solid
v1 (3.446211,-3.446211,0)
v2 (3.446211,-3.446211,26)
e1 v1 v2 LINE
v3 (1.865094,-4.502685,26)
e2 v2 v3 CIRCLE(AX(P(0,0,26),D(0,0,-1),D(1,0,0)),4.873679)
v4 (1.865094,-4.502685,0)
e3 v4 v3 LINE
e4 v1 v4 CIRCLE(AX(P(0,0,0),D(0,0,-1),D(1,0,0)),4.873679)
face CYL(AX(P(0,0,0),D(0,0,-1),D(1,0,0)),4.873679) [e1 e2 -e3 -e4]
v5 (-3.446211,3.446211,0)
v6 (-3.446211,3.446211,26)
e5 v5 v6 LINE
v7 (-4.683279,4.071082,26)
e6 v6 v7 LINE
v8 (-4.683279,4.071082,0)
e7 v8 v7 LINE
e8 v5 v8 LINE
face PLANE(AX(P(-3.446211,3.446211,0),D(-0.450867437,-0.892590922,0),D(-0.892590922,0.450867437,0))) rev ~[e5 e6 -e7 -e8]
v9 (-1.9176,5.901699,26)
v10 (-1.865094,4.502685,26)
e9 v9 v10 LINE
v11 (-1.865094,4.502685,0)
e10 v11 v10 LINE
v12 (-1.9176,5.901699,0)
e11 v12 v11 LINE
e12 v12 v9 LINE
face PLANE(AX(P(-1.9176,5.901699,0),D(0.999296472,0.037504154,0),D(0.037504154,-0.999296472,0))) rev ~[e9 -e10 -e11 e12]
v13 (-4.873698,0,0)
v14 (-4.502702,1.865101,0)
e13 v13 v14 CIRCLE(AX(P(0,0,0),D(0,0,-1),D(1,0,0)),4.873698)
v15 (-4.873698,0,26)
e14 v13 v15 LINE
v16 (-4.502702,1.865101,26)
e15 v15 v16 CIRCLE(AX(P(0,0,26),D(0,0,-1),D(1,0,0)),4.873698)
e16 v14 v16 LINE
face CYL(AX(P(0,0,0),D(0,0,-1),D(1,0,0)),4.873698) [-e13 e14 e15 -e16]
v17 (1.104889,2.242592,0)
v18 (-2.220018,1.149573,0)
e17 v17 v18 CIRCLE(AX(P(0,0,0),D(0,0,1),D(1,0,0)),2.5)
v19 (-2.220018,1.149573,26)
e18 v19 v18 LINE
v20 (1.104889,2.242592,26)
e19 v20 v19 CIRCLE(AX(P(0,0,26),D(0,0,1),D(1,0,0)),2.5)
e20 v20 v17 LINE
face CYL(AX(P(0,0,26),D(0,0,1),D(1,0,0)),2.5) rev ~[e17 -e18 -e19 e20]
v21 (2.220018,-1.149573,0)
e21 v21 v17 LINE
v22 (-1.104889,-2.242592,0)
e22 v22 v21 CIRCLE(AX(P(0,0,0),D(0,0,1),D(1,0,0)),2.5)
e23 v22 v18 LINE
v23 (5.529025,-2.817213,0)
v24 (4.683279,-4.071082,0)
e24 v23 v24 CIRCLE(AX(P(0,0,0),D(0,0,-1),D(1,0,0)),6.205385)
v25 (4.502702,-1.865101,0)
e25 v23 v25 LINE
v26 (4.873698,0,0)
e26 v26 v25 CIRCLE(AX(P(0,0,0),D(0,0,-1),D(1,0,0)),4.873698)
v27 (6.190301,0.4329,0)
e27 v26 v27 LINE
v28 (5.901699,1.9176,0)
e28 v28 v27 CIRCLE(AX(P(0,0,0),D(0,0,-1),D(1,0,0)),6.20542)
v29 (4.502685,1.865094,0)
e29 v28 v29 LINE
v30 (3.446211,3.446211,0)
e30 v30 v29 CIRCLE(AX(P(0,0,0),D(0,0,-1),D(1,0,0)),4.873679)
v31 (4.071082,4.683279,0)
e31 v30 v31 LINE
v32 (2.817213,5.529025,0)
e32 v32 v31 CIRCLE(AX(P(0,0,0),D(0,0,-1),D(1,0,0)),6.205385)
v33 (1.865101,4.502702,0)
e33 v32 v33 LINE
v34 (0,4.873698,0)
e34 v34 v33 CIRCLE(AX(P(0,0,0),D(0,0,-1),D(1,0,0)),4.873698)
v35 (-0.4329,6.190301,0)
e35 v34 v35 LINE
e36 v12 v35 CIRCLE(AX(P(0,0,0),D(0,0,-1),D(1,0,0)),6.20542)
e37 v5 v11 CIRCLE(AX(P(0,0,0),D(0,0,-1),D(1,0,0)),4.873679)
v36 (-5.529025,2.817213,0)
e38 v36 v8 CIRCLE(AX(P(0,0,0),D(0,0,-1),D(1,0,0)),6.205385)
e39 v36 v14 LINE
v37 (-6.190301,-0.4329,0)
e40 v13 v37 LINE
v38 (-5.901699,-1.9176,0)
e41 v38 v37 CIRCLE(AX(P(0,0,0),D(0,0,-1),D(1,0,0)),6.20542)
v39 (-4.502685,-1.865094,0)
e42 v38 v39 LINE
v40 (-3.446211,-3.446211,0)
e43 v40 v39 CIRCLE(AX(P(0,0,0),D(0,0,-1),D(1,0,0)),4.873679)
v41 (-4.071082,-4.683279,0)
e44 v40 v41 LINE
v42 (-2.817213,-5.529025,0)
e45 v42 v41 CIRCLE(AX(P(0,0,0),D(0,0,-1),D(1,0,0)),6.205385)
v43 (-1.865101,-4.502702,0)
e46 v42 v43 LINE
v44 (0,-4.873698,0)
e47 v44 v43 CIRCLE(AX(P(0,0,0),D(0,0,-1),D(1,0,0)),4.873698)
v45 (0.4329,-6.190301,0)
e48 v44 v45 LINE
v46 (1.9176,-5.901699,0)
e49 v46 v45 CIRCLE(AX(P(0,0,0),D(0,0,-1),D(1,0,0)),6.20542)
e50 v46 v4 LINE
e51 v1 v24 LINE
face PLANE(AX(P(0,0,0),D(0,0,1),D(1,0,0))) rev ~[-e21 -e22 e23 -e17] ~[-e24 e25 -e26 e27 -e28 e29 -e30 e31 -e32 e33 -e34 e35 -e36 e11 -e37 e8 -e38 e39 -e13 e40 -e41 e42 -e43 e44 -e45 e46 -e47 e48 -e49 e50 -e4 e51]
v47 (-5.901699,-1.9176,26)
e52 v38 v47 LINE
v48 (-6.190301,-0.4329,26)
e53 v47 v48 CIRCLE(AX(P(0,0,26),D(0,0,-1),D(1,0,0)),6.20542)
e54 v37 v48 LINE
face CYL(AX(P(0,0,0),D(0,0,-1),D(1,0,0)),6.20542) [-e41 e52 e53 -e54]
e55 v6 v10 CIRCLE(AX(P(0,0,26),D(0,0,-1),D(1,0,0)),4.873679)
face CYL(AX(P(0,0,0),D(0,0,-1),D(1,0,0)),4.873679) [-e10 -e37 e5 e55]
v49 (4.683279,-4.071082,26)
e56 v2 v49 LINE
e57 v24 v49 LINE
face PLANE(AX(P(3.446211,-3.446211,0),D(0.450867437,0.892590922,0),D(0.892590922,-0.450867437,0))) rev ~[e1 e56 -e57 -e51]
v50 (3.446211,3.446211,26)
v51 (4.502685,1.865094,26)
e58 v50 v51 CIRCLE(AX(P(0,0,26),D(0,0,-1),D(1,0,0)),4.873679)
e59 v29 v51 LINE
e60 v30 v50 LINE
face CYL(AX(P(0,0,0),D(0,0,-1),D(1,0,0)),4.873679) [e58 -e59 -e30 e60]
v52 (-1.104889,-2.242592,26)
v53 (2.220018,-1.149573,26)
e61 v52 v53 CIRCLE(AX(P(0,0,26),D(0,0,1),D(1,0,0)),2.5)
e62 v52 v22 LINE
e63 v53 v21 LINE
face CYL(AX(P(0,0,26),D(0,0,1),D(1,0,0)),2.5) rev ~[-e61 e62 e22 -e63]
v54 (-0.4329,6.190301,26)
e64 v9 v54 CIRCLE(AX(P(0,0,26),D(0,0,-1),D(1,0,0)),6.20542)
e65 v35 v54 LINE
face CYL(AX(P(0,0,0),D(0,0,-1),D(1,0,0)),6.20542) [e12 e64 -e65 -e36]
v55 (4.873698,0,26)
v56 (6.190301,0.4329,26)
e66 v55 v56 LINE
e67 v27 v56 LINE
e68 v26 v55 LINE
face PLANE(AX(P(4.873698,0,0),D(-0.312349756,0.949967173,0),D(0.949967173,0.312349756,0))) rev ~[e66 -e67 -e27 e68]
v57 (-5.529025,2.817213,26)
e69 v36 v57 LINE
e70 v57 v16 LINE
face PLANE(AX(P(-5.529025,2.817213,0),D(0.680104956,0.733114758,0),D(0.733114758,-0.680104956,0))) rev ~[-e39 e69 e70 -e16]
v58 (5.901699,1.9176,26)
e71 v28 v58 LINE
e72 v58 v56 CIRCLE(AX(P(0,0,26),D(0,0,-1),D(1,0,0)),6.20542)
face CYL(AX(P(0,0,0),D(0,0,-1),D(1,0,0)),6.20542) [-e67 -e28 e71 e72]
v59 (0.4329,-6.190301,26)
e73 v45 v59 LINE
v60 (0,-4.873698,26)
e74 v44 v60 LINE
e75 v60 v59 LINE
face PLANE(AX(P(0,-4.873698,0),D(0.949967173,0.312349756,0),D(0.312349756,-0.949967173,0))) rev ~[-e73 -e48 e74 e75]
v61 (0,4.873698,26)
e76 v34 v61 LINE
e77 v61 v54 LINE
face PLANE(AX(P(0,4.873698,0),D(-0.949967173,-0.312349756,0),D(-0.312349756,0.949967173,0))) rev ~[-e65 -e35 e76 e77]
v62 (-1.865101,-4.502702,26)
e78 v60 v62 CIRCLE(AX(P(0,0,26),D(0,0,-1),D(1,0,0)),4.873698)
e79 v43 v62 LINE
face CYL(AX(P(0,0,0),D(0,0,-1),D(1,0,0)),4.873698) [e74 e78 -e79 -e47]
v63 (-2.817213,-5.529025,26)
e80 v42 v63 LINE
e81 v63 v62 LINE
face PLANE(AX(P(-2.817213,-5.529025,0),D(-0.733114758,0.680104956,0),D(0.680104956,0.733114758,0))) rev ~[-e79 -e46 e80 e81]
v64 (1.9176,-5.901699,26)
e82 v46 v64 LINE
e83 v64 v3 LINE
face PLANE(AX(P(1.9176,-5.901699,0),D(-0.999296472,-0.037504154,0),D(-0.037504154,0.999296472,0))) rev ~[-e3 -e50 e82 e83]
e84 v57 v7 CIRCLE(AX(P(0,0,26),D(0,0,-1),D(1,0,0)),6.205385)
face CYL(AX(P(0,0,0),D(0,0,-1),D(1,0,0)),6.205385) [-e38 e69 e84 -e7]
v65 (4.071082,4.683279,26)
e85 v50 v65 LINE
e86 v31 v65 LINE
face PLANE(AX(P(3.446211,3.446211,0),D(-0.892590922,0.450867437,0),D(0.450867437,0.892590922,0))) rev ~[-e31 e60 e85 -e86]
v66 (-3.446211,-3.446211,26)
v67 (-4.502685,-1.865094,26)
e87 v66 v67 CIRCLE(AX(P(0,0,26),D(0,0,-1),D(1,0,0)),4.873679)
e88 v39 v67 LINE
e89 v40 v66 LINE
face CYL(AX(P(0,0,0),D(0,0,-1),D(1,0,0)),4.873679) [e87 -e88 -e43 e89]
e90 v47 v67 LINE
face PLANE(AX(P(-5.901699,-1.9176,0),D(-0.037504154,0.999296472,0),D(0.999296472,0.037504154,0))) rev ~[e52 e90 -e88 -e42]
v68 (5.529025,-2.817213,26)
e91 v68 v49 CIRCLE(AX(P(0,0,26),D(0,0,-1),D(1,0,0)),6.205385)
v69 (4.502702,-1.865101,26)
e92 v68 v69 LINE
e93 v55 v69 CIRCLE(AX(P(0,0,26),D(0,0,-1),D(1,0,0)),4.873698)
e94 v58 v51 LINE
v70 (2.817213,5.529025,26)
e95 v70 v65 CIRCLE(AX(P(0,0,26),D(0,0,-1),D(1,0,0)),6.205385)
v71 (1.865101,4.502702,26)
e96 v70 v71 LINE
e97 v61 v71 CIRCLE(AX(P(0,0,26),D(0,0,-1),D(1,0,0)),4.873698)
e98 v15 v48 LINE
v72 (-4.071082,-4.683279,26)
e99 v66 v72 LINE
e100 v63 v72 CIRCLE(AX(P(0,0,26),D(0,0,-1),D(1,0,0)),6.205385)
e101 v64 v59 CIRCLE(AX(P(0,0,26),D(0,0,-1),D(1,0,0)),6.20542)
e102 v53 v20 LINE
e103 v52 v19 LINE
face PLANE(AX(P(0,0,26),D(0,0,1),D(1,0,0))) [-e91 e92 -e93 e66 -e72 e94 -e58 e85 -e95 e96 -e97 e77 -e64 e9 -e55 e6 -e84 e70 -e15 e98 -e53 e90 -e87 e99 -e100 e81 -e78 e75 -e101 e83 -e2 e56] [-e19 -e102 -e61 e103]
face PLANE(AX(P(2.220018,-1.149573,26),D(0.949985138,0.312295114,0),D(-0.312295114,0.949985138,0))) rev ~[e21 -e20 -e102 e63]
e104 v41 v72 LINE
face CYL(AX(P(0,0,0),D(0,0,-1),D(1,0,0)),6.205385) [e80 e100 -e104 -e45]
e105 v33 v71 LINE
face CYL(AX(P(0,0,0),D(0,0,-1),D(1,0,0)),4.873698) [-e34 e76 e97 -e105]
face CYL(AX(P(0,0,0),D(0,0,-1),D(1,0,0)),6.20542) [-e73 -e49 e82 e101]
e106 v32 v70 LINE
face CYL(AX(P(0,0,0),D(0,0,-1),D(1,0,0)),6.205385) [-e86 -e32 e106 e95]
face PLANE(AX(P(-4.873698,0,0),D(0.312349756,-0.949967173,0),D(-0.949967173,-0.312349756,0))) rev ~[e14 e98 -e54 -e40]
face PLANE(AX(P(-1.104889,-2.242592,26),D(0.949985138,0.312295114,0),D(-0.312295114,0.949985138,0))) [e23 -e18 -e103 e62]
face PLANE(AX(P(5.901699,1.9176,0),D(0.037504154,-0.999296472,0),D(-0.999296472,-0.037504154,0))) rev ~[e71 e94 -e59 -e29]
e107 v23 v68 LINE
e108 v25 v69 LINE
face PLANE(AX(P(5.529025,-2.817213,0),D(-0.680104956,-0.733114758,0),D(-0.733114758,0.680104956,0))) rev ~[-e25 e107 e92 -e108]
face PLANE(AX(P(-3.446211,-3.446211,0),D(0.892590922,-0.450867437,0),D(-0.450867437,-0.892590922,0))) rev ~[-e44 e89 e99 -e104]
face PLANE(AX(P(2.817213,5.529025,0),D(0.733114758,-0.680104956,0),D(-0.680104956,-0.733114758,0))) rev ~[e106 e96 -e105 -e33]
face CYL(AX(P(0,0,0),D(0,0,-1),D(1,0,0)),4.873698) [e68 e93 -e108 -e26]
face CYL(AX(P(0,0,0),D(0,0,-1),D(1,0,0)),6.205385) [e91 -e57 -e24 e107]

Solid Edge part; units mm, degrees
sketch "Sketch1" plane through (0, 0, 0) normal (0, 0, 1) x (1, 0, 0)
  line L0 (4.8737, 0) -> (6.1903, 0.4329)
  arc A0 (5.9017, 1.9176) -> (6.1903, 0.4329) centre (0, 0) cw
  line L1 (5.9017, 1.9176) -> (4.5027, 1.8651)
  arc A1 (3.4462, 3.4462) -> (4.5027, 1.8651) centre (0, 0) cw
  line L2 (3.4462, 3.4462) -> (4.0711, 4.6833)
  arc A2 (2.8172, 5.529) -> (4.0711, 4.6833) centre (0, 0) cw
  line L3 (2.8172, 5.529) -> (1.8651, 4.5027)
  arc A3 (0, 4.8737) -> (1.8651, 4.5027) centre (0, 0) cw
  line L4 (0, 4.8737) -> (-0.4329, 6.1903)
  arc A4 (-1.9176, 5.9017) -> (-0.4329, 6.1903) centre (0, 0) cw
  line L5 (-1.9176, 5.9017) -> (-1.8651, 4.5027)
  arc A5 (-3.4462, 3.4462) -> (-1.8651, 4.5027) centre (0, 0) cw
  line L6 (-3.4462, 3.4462) -> (-4.6833, 4.0711)
  arc A6 (-5.529, 2.8172) -> (-4.6833, 4.0711) centre (0, 0) cw
  line L7 (-5.529, 2.8172) -> (-4.5027, 1.8651)
  arc A7 (-4.8737, 0) -> (-4.5027, 1.8651) centre (0, 0) cw
  line L8 (-4.8737, 0) -> (-6.1903, -0.4329)
  arc A8 (-5.9017, -1.9176) -> (-6.1903, -0.4329) centre (0, 0) cw
  line L9 (-5.9017, -1.9176) -> (-4.5027, -1.8651)
  arc A9 (-3.4462, -3.4462) -> (-4.5027, -1.8651) centre (0, 0) cw
  line L10 (-3.4462, -3.4462) -> (-4.0711, -4.6833)
  arc A10 (-2.8172, -5.529) -> (-4.0711, -4.6833) centre (0, 0) cw
  line L11 (-2.8172, -5.529) -> (-1.8651, -4.5027)
  arc A11 (0, -4.8737) -> (-1.8651, -4.5027) centre (0, 0) cw
  line L12 (0, -4.8737) -> (0.4329, -6.1903)
  arc A12 (1.9176, -5.9017) -> (0.4329, -6.1903) centre (0, 0) cw
  line L13 (1.9176, -5.9017) -> (1.8651, -4.5027)
  arc A13 (3.4462, -3.4462) -> (1.8651, -4.5027) centre (0, 0) cw
  line L14 (3.4462, -3.4462) -> (4.6833, -4.0711)
  arc A14 (5.529, -2.8172) -> (4.6833, -4.0711) centre (0, 0) cw
  line L15 (5.529, -2.8172) -> (4.5027, -1.8651)
  arc A15 (4.8737, 0) -> (4.5027, -1.8651) centre (0, 0) cw
extrude "Protrusion1" add sketch "Sketch1" along normal blind 26
sketch "Sketch2" plane through (0, 0, 26) normal (0, 0, 1) x (1, 0, 0)
  circle A0 centre (0, 0) radius 2.5
extrude "Cutout1" cut sketch "Sketch2" against normal through all
sketch "Sketch3" plane through (0, 0, 26) normal (0, 0, 1) x (0.95, 0.3123, 0)
  line L0 (-1.75, -1.7854) -> (-1.75, 1.7854)
  arc A0 (-1.75, -1.7854) -> (-1.75, 1.7854) centre (0, 0) cw
  line L1 (1.75, -1.7854) -> (1.75, 1.7854)
  arc A1 (1.75, 1.7854) -> (1.75, -1.7854) centre (0, 0) cw
extrude "Protrusion2" add sketch "Sketch3" against normal up to vertex (26 mm away)
properties material "ABS Plastic, high impact"
